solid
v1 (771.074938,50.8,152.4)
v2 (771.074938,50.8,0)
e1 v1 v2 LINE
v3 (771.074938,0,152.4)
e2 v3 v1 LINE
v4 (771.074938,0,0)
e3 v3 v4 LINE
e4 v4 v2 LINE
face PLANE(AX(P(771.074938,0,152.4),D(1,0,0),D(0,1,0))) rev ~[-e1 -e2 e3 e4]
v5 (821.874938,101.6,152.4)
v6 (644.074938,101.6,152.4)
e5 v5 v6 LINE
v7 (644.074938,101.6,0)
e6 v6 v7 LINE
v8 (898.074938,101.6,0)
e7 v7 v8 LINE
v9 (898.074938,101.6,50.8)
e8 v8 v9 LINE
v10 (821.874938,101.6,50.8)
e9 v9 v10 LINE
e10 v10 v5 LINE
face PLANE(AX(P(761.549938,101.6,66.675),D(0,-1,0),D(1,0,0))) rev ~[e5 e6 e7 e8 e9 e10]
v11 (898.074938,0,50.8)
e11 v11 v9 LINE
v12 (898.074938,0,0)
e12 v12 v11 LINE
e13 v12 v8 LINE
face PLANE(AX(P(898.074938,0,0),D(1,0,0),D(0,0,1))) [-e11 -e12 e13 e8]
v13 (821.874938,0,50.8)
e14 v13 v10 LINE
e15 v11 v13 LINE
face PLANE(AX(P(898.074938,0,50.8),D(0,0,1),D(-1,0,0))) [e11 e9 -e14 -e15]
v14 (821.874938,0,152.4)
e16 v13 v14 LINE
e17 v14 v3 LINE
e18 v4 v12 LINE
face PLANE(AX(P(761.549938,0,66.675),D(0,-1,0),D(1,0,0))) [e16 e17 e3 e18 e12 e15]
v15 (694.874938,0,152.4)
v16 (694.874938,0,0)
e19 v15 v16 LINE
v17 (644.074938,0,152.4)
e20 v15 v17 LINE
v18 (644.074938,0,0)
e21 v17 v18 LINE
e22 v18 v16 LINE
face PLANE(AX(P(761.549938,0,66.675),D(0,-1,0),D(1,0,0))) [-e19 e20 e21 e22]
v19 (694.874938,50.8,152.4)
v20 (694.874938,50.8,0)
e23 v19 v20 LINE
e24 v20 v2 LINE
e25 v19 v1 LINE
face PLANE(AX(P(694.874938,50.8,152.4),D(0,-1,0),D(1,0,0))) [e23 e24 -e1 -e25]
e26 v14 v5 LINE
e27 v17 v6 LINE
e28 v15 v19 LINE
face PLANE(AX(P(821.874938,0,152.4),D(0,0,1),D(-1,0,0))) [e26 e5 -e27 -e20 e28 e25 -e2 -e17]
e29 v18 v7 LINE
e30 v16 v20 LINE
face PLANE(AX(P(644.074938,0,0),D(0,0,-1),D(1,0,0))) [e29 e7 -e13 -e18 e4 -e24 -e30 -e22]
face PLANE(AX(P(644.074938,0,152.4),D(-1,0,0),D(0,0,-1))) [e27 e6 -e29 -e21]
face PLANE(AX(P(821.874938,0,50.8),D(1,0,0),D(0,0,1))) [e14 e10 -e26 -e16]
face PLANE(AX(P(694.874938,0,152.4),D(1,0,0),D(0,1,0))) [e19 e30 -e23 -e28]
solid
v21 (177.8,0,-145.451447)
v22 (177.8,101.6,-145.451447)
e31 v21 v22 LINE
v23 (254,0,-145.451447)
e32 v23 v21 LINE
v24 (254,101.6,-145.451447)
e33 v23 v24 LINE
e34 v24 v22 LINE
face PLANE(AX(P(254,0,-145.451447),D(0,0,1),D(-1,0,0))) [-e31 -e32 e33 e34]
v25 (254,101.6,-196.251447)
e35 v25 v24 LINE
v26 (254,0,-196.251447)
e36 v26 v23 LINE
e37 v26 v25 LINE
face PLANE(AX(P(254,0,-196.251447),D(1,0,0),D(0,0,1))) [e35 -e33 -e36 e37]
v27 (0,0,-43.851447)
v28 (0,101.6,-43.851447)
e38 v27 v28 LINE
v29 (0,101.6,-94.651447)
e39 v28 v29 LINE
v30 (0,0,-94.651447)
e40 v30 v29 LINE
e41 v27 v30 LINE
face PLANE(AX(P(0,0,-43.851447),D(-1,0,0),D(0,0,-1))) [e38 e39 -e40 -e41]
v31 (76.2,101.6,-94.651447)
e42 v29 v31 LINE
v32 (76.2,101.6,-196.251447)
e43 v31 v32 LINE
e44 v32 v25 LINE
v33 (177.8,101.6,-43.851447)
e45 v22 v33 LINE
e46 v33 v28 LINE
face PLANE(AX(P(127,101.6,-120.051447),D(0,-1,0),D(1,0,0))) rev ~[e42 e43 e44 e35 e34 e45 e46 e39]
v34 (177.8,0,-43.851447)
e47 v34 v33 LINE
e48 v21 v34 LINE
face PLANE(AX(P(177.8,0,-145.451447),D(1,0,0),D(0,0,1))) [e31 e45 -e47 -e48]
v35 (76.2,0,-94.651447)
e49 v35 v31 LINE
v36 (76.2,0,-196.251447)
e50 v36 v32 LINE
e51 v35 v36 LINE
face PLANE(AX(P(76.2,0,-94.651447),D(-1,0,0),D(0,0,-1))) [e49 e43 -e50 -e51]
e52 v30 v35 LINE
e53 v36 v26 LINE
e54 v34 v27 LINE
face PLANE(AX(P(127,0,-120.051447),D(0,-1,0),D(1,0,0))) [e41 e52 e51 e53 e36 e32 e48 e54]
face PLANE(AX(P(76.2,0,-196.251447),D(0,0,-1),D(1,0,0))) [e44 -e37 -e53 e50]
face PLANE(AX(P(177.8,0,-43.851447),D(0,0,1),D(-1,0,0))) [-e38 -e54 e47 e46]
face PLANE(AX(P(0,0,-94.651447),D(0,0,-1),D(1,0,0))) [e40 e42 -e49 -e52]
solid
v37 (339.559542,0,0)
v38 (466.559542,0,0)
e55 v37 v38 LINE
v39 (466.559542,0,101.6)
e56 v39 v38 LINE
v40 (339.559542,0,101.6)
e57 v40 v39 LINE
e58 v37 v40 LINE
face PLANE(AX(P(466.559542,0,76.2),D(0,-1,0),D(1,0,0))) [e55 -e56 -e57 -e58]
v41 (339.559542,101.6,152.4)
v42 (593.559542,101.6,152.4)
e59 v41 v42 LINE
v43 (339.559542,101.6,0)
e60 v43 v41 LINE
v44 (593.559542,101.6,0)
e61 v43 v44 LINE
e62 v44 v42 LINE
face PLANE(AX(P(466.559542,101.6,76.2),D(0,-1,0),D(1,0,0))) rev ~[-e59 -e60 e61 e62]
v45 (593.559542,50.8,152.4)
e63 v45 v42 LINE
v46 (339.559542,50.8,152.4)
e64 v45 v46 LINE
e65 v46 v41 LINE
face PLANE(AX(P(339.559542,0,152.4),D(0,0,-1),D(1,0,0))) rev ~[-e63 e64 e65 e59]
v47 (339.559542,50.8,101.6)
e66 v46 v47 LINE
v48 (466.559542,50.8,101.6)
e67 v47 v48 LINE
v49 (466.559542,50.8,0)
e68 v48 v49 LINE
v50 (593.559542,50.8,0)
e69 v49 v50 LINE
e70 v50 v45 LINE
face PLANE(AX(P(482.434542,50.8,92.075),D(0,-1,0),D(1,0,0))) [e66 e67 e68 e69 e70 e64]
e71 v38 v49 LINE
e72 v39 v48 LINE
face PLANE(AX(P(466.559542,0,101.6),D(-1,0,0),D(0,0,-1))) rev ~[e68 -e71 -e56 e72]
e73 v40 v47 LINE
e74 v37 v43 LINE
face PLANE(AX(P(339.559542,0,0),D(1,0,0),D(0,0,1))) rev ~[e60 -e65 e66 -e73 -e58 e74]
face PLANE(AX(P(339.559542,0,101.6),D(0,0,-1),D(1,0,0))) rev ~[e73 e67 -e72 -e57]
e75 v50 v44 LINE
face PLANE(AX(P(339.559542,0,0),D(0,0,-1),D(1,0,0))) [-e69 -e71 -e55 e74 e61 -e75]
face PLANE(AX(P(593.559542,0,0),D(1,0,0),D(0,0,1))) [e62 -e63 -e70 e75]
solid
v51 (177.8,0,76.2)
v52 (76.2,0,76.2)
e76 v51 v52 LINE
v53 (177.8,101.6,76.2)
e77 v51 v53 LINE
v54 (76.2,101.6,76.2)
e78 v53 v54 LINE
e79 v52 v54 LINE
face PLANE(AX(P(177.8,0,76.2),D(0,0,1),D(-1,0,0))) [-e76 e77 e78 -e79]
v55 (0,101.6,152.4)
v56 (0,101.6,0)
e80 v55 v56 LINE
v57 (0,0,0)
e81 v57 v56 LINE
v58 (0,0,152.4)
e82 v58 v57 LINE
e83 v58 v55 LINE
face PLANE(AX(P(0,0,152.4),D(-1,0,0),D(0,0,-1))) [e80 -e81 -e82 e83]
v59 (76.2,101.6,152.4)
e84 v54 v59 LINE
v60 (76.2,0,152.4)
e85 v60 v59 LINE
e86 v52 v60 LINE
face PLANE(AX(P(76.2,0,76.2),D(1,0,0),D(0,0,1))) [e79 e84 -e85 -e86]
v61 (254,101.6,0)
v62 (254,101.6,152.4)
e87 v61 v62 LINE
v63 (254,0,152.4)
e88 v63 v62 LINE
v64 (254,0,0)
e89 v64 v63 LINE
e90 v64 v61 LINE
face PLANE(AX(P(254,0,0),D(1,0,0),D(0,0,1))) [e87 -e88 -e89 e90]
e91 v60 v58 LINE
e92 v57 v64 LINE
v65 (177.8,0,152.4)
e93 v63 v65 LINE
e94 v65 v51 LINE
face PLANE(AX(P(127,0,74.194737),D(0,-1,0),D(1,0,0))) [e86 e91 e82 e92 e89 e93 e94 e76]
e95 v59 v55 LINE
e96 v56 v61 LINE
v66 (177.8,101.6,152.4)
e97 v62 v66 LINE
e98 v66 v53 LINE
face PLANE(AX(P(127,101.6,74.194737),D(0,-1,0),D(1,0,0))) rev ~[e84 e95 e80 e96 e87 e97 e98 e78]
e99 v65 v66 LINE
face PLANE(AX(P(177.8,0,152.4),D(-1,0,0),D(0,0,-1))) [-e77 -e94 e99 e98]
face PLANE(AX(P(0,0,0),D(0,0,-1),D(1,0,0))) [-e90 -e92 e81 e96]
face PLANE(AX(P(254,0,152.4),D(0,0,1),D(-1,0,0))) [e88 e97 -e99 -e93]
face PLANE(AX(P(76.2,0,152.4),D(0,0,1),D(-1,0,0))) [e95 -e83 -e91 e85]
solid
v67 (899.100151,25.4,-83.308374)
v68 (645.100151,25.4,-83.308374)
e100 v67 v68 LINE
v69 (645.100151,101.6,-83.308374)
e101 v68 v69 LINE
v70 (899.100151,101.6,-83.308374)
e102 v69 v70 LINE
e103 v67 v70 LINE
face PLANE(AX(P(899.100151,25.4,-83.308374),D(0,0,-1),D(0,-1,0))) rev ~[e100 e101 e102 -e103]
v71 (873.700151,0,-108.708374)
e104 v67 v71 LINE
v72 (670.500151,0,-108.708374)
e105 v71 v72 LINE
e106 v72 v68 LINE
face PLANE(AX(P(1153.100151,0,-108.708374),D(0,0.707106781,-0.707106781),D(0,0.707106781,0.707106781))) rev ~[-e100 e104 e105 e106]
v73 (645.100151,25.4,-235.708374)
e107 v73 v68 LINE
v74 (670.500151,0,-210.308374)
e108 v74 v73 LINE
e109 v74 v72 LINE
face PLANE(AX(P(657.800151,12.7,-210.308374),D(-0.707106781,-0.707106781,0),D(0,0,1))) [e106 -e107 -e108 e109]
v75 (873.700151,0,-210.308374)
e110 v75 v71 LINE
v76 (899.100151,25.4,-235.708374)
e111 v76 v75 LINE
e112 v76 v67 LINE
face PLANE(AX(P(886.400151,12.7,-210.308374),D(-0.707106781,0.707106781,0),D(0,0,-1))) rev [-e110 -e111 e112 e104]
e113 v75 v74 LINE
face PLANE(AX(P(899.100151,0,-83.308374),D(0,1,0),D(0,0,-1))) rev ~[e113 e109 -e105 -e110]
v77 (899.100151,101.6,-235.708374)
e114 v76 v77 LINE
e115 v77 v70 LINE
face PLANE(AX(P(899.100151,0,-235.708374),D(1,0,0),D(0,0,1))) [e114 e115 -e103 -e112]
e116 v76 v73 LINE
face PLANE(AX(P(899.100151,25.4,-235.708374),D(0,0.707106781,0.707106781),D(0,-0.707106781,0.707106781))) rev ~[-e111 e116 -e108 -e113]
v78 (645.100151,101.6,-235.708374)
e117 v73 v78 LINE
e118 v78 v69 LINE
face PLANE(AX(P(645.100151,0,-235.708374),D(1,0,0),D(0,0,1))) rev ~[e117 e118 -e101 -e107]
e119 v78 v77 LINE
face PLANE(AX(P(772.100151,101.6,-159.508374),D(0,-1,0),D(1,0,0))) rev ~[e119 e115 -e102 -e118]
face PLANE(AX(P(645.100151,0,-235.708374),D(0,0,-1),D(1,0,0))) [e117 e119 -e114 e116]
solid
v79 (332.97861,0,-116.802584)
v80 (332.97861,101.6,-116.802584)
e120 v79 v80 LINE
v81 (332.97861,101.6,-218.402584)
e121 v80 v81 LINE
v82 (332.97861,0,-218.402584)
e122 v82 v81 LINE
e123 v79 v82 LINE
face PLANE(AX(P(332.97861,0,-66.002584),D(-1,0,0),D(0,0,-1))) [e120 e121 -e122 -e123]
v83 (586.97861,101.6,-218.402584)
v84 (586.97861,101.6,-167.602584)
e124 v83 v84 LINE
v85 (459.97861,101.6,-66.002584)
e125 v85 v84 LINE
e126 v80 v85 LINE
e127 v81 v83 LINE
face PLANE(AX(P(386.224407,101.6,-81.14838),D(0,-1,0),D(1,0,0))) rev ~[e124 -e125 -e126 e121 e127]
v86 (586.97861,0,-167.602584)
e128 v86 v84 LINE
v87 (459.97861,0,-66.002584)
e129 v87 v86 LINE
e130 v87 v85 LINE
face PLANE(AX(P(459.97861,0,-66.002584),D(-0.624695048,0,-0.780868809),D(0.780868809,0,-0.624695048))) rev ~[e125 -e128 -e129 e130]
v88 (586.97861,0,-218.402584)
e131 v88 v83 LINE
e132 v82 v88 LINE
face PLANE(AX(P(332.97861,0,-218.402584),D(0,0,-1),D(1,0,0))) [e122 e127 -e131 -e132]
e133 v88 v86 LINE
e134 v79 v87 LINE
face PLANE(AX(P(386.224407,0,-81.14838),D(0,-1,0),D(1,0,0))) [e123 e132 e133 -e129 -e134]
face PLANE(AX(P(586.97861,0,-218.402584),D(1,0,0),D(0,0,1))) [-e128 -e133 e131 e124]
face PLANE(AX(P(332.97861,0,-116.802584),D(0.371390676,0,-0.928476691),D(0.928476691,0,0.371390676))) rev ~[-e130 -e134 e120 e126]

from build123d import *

# Parameters (mm, degrees)
F1_DEPTH  = 101.6
F2_W      = 254
F2_H      = 152.4
F3_DEPTH  = 101.6
F5_DEPTH  = 50.8
F7_DEPTH  = 101.6
F8_W      = 76.2
F8_H      = 50.8
F9_DEPTH  = 152.4
F11_DEPTH = 101.6
F13_DEPTH = 101.6
F15_DEPTH = 101.6
F17_DEPTH = 101.6
F18_W     = 254
F18_H     = 152.4
F19_DEPTH = 101.6
F21_DEPTH = 254
F23_DEPTH = 254
F24_DEPTH = 508
F25_SIZE  = 25.4
F26_SIZE  = 25.4


with BuildPart() as f1:
    # F0 (on Front) → F1 (new body)
    with BuildSketch(Plane.XZ):
        Polygon((0, 152.4), (0, 0), (254, 0), (254, 152.4), (177.8, 152.4), (177.8, 76.2), (76.2, 76.2), (76.2, 152.4), align=None)
    extrude(amount=-F1_DEPTH)


with BuildPart() as f3:
    # F2 (on Front) → F3 (new body)
    with BuildSketch(Plane.XZ):
        with Locations((466.5595419312, 76.2)):
            Rectangle(F2_W, F2_H)
    extrude(amount=-F3_DEPTH)

    # F4 (on face) → F5 (cut)
    with BuildSketch(Plane.XZ):
        Polygon((339.5595419312, 152.4), (339.5595419312, 101.6), (466.5595419312, 101.6), (466.5595419312, 0), (593.5595419312, 0), (593.5595419312, 152.4), align=None)
    extrude(amount=-F5_DEPTH, mode=Mode.SUBTRACT)


with BuildPart() as f7:
    # F6 (on Front) → F7 (new body)
    with BuildSketch(Plane.XZ):
        Polygon((644.0749381992, 152.4), (644.0749381992, 0), (898.0749381992, 0), (898.0749381992, 50.8), (821.8749381992, 50.8), (821.8749381992, 152.4), align=None)
    extrude(amount=-F7_DEPTH)

    # F8 (on face) → F9 (cut)
    with BuildSketch(Plane.XY.offset(152.4)):
        with Locations((732.9749381992, 25.4)):
            Rectangle(F8_W, F8_H)
    extrude(amount=-F9_DEPTH, mode=Mode.SUBTRACT)


with BuildPart() as f11:
    # F10 (on Front) → F11 (new body)
    with BuildSketch(Plane.XZ):
        Polygon((177.8, -43.8514465817), (0, -43.8514465817), (0, -94.6514465817), (76.2, -94.6514465817), (76.2, -196.2514465817), (254, -196.2514465817), (254, -145.4514465817), (177.8, -145.4514465817), align=None)
    extrude(amount=-F11_DEPTH)


with BuildPart() as f13:
    # F12 (on Front) → F13 (new body)
    with BuildSketch(Plane.XZ):
        Polygon((459.9786102772, -66.0025836769), (332.9786102772, -66.0025836769), (332.9786102772, -116.8025836769), align=None)
        Polygon((586.9786102772, -66.0025836769), (459.9786102772, -66.0025836769), (586.9786102772, -167.6025836769), align=None)
        Polygon((586.9786102772, -167.6025836769), (459.9786102772, -66.0025836769), (332.9786102772, -116.8025836769), (332.9786102772, -218.4025836769), (586.9786102772, -218.4025836769), align=None)
    extrude(amount=-F13_DEPTH)

    # F14 (on face) → F15 (cut)
    with BuildSketch(Plane.XZ):
        Polygon((332.9786102772, -66.0025836769), (332.9786102772, -116.8025836769), (459.9786102772, -66.0025836769), align=None)
    extrude(amount=-F15_DEPTH, mode=Mode.SUBTRACT)

    # F16 (on face) → F17 (cut)
    with BuildSketch(Plane.XZ):
        Polygon((459.9786102772, -66.0025836769), (586.9786102772, -167.6025836769), (586.9786102772, -66.0025836769), align=None)
    extrude(amount=-F17_DEPTH, mode=Mode.SUBTRACT)


with BuildPart() as f19:
    # F18 (on Front) → F19 (new body)
    with BuildSketch(Plane.XZ):
        with Locations((772.1001505852, -159.5083741897)):
            Rectangle(F18_W, F18_H)
    extrude(amount=-F19_DEPTH)

    # F20 (on face) → F21 (cut)
    with BuildSketch(Plane.YZ.offset(899.1001505852)):
        Polygon((25.4, -235.7083741897), (0, -210.3083741897), (0, -235.7083741897), align=None)
    extrude(amount=-F21_DEPTH, mode=Mode.SUBTRACT)

    # F22 (on face) → F23 (join)
    with BuildSketch(Plane.YZ.offset(899.1001505852)):
        Polygon((0, -108.7083741897), (25.4, -83.3083741897), (0, -83.3083741897), align=None)
    extrude(amount=F23_DEPTH)

    # F24 (cut): a face of the model
    f24_faces = [f19.faces().sort_by_distance(p)[0] for p in [
        (1153.1001505852, 8.4666666667, -91.7750408563),
    ]]
    extrude(f24_faces, amount=-F24_DEPTH, mode=Mode.SUBTRACT)

    # F25
    f25_edges = [f19.edges().sort_by_distance(p)[0] for p in [
        (899.100151, 0, -159.508374),
    ]]
    chamfer(f25_edges, length=F25_SIZE)

    # F26
    f26_edges = [f19.edges().sort_by_distance(p)[0] for p in [
        (645.100151, 0, -159.508374),
    ]]
    chamfer(f26_edges, length=F26_SIZE)


solid = Compound([f1.part, f3.part, f7.part, f11.part, f13.part, f19.part])
